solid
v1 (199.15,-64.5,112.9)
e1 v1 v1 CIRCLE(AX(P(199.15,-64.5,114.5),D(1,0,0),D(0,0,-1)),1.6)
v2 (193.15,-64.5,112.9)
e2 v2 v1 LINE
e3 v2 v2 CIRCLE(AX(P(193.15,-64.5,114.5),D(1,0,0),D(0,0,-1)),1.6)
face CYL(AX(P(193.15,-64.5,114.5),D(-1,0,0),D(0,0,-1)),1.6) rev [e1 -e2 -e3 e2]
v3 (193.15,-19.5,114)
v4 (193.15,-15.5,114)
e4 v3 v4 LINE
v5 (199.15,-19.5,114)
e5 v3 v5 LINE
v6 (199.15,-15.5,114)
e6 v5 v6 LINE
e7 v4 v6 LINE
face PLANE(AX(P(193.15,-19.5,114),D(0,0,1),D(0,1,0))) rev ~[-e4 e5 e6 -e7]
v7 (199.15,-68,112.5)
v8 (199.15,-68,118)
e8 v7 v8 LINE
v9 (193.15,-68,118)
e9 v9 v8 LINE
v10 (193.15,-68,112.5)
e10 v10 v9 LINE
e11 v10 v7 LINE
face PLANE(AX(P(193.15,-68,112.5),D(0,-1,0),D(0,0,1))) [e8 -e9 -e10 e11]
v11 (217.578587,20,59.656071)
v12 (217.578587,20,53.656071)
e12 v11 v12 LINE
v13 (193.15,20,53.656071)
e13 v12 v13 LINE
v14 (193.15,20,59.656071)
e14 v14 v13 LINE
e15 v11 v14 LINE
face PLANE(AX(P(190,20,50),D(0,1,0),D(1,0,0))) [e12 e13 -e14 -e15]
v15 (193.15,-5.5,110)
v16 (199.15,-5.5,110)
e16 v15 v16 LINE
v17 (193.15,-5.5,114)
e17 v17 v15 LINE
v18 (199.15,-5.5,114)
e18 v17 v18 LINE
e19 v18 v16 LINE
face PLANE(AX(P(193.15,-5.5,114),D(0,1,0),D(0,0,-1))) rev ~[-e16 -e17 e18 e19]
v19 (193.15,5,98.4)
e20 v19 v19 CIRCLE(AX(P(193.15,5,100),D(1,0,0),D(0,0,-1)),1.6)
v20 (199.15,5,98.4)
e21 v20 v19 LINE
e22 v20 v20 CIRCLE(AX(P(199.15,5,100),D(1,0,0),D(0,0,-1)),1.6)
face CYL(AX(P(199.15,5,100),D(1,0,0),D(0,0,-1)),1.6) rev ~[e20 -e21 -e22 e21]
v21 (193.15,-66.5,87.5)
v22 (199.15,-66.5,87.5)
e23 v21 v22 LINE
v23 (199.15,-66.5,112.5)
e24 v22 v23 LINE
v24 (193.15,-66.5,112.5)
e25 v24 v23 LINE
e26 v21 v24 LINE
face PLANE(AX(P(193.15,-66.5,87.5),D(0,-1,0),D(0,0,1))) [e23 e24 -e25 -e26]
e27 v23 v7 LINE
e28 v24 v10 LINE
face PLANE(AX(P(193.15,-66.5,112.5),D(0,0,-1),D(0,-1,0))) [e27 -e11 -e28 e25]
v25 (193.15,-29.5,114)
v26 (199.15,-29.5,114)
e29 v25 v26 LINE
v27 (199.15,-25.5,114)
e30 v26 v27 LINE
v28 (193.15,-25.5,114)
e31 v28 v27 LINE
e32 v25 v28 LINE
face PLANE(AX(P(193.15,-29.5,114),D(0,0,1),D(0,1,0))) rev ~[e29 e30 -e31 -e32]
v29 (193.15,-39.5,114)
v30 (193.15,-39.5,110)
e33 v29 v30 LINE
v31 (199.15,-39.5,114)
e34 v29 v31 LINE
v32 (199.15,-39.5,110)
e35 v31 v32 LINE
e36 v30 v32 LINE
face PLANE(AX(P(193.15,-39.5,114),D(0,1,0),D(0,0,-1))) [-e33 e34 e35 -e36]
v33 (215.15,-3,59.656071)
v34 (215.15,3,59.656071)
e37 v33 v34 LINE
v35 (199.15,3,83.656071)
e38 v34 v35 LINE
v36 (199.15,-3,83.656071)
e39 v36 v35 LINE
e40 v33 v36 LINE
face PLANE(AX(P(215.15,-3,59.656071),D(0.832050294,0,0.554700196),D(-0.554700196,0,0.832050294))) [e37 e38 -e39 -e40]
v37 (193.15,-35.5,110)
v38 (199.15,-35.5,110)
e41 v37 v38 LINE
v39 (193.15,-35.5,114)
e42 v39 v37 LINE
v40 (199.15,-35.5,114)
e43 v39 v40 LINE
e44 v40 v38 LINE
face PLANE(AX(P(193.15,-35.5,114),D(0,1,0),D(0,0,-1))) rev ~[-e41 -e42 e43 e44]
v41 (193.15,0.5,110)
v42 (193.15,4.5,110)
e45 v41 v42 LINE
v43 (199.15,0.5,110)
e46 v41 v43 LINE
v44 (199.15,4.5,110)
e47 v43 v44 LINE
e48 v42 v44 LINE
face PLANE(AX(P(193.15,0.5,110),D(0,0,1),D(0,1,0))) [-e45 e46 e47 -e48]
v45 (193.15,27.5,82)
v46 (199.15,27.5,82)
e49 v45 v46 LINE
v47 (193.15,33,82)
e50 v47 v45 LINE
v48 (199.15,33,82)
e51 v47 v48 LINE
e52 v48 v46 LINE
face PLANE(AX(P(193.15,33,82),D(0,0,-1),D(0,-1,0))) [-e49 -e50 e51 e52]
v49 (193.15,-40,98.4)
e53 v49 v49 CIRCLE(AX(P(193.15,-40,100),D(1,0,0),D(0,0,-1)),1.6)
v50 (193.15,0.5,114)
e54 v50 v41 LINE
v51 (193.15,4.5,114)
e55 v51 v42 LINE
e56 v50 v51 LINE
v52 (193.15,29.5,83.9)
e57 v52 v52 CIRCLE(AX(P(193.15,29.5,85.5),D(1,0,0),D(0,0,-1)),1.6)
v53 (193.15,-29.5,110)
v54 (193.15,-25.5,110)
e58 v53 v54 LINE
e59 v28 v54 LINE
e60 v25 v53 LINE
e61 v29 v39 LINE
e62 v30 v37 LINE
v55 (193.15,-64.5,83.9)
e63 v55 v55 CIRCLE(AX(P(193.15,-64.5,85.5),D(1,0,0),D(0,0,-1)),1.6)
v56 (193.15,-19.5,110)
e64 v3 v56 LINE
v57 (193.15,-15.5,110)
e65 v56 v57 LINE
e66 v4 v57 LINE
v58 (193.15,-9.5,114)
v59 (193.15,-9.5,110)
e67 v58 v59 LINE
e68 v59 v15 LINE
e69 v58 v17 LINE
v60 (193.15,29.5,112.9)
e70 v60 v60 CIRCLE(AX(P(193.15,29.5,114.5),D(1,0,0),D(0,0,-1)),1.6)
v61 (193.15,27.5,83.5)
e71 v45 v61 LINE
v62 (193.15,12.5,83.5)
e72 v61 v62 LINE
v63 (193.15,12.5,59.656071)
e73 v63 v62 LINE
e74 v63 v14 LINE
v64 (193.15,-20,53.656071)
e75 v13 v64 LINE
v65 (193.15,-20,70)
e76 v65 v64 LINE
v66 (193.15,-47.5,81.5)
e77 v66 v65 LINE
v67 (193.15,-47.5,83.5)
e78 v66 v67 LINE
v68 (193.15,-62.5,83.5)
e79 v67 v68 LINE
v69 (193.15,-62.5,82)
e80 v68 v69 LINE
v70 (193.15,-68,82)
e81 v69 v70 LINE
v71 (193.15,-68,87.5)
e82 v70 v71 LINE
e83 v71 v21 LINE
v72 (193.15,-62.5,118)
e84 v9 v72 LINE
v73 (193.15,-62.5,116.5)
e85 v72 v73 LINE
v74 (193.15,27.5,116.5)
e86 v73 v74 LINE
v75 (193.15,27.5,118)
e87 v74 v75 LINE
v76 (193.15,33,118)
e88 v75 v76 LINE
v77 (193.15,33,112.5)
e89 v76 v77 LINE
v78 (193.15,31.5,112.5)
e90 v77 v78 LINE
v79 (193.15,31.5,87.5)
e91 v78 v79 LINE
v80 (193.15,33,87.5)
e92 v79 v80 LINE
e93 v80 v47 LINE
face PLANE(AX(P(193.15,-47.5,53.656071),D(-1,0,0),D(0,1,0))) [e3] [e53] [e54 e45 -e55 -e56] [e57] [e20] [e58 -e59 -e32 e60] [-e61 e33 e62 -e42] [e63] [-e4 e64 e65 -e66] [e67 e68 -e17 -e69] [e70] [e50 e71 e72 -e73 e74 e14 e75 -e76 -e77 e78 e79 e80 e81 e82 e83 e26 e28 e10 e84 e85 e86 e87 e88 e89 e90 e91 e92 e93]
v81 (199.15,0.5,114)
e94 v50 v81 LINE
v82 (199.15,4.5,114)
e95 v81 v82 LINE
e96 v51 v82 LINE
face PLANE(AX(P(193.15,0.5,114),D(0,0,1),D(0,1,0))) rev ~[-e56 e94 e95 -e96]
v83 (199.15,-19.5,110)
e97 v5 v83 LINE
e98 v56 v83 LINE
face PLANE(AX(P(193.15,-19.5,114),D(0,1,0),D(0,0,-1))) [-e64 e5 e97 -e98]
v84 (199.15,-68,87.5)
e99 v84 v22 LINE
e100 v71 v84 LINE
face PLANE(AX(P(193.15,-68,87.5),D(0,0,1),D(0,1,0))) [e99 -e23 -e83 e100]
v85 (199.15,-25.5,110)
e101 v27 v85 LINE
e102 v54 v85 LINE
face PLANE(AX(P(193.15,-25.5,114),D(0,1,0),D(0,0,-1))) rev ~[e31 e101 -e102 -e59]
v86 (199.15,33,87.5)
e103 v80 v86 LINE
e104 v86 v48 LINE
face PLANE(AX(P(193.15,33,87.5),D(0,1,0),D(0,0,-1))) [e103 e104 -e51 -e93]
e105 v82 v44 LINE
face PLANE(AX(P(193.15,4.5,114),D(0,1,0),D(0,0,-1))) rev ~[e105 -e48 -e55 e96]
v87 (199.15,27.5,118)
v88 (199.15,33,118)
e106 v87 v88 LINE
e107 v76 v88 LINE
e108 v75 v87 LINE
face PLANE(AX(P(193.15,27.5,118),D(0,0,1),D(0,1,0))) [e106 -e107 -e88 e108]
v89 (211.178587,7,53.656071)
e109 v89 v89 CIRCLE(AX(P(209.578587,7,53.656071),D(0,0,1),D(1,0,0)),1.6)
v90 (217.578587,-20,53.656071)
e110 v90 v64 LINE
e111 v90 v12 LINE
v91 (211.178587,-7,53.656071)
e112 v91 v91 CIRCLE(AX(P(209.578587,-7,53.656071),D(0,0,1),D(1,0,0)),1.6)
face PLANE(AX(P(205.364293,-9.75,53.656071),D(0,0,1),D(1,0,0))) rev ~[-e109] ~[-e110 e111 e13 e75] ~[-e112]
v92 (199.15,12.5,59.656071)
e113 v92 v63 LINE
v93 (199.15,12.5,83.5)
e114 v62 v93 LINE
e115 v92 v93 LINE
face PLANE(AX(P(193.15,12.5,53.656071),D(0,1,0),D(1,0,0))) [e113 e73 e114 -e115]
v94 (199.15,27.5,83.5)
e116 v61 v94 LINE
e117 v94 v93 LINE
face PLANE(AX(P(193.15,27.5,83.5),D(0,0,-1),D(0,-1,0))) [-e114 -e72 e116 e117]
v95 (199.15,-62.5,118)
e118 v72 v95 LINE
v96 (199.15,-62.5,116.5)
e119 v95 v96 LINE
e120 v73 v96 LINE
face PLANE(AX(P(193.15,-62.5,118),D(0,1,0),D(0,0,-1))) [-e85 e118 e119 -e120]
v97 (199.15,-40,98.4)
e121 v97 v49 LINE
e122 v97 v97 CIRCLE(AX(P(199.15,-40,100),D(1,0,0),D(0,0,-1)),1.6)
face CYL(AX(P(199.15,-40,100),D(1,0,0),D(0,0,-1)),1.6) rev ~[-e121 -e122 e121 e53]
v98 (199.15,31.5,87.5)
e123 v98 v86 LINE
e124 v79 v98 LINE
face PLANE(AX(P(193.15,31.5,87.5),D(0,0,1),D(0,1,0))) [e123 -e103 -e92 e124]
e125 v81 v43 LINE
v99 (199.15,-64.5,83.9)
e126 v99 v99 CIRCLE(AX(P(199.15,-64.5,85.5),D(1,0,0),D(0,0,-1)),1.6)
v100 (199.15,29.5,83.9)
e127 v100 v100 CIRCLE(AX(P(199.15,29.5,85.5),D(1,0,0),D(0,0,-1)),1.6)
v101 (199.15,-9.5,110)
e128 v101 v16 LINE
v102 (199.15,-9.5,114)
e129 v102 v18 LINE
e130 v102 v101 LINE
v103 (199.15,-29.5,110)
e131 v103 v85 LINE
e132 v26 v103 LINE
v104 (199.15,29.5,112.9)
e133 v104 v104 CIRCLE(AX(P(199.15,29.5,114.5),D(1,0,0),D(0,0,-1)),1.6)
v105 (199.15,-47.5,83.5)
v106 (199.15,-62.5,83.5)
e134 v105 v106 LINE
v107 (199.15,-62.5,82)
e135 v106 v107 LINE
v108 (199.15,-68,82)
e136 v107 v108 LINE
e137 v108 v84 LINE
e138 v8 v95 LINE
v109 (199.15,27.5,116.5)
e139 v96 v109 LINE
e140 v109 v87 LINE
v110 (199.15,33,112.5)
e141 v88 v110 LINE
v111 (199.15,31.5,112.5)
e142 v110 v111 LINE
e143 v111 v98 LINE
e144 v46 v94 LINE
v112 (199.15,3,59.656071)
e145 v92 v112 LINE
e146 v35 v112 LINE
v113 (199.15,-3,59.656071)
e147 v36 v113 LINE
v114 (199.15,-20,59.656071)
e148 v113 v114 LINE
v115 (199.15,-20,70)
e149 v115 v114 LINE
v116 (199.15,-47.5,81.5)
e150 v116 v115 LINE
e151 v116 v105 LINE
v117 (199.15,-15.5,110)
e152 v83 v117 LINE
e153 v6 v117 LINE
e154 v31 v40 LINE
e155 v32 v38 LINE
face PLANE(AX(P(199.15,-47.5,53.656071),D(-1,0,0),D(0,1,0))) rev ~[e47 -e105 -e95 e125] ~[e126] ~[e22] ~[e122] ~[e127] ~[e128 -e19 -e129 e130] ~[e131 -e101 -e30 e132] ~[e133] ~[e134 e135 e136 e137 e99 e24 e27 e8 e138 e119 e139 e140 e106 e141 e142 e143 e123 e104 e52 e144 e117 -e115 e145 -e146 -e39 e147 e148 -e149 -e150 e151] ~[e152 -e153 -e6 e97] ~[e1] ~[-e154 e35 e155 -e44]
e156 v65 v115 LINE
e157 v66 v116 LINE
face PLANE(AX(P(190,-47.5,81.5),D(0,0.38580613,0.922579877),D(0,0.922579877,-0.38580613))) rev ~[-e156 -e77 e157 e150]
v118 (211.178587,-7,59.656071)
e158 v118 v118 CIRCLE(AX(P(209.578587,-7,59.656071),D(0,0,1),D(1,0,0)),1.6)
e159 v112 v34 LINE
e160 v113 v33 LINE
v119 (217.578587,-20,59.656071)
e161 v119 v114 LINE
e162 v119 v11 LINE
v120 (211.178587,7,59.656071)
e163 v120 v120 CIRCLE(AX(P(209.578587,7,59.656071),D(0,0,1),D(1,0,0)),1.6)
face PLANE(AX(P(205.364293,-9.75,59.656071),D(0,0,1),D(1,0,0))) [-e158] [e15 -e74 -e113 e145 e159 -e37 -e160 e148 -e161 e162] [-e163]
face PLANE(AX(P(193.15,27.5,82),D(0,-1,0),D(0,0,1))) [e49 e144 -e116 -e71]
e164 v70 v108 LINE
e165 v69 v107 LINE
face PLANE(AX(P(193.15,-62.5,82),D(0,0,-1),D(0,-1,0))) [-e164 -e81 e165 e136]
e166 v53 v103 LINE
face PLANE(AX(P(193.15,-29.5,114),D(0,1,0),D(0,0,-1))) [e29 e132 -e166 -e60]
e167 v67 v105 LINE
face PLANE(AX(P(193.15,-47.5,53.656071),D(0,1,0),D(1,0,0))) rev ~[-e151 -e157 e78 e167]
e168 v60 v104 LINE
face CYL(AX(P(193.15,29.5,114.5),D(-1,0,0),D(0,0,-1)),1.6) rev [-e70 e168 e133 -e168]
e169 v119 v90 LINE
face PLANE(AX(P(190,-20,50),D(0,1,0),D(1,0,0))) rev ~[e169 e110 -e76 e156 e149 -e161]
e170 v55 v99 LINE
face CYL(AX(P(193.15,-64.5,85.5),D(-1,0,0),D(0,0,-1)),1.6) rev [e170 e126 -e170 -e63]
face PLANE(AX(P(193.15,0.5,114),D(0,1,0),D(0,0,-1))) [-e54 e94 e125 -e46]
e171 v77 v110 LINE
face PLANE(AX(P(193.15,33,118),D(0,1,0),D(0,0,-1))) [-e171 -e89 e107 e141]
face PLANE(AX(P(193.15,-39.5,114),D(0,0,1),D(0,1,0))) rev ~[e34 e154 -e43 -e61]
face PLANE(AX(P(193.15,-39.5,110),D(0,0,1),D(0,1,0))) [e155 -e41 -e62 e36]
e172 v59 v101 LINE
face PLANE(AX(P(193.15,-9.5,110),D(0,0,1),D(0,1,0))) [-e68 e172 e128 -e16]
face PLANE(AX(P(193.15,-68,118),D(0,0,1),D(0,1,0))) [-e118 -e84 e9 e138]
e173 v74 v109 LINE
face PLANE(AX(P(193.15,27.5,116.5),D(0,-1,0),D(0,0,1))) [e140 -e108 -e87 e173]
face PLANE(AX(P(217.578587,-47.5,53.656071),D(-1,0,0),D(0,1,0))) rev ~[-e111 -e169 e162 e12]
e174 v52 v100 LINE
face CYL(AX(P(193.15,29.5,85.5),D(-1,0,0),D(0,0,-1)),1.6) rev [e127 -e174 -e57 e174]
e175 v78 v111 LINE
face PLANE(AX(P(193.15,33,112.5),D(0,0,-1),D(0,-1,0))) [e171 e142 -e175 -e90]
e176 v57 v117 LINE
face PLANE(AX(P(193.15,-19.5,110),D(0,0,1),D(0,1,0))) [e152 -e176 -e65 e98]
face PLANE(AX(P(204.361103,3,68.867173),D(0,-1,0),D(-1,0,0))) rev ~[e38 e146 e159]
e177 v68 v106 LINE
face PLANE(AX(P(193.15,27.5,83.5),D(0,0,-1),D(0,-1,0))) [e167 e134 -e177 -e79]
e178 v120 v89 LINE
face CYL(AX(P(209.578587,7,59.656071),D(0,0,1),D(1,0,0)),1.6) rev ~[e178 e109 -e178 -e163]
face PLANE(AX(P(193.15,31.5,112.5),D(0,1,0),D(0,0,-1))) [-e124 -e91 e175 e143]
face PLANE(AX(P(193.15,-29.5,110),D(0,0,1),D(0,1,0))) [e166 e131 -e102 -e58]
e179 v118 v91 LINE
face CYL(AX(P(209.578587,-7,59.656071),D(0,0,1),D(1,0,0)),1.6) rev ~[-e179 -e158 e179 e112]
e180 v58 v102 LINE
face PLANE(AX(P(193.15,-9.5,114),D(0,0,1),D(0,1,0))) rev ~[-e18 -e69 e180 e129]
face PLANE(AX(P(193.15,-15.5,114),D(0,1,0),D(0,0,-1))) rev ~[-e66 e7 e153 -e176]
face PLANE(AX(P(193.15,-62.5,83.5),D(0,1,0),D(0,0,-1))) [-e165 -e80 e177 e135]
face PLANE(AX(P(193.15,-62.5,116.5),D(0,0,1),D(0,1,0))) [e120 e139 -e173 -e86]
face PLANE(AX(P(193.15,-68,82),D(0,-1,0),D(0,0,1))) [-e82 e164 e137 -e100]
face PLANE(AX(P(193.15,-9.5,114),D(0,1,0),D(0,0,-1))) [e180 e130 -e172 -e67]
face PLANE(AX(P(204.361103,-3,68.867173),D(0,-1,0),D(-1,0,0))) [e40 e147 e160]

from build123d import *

# Parameters (mm, degrees)
EXTRUDE_1_DEPTH     = 6
SKETCH_2_R          = 1.6
CUT_EXTRUDE_1_DEPTH = 6
SKETCH_3_W          = 26
SKETCH_3_H          = 60
CUT_EXTRUDE_2_DEPTH = 6
SKETCH_4_W          = 4
SKETCH_4_H          = 4
CUT_EXTRUDE_3_DEPTH = 6
SKETCH_5_W          = 24.42858663
SKETCH_5_H          = 75.5
EXTRUDE_2_DEPTH     = 6
SKETCH_6_W          = 6
SKETCH_6_H          = 60
EXTRUDE_3_DEPTH     = 54.343929089
SKETCH_7_R          = 1.6
CUT_EXTRUDE_4_DEPTH = 6
SKETCH_8_R          = 1.6
CUT_EXTRUDE_5_DEPTH = 6
EXTRUDE_5_DEPTH     = 6
SKETCH_15_W         = 30
SKETCH_15_H         = 60
CUT_EXTRUDE_6_DEPTH = 20
SKETCH_16_W         = 30
SKETCH_16_H         = 30
CUT_EXTRUDE_7_DEPTH = 20
CUT_EXTRUDE_8_DEPTH = 10


with BuildPart() as part:
    # 草图1 → 凸台-拉伸1 (new body)
    with BuildSketch(Plane(origin=(193.15, 0, 0), x_dir=(0, 0, -1), z_dir=(1, 0, 0))):
        Polygon((-82, -62.5), (-82, -68), (-87.5, -68), (-87.5, -66.5), (-112.5, -66.5), (-112.5, -68), (-118, -68), (-118, -62.5), (-116.5, -62.5), (-116.5, 27.5), (-118, 27.5), (-118, 33), (-112.5, 33), (-112.5, 31.5), (-87.5, 31.5), (-87.5, 33), (-82, 33), (-82, 27.5), (-83.5, 27.5), (-83.5, -62.5), align=None)
    extrude(amount=EXTRUDE_1_DEPTH)

    # 草图2 → 切除-拉伸1 (cut)
    with BuildSketch(Plane(origin=(193.15, 0, 0), x_dir=(0, 0, -1), z_dir=(1, 0, 0))):
        with Locations((-85.5, -64.5)):
            Circle(SKETCH_2_R)
        with Locations((-114.5, -64.5)):
            Circle(SKETCH_2_R)
        with Locations((-85.5, 29.5)):
            Circle(SKETCH_2_R)
        with Locations((-114.5, 29.5)):
            Circle(SKETCH_2_R)
    extrude(amount=CUT_EXTRUDE_1_DEPTH, mode=Mode.SUBTRACT)

    # 草图3 → 切除-拉伸2 (cut)
    with BuildSketch(Plane(origin=(193.15, 0, 0), x_dir=(0, 0, -1), z_dir=(1, 0, 0))):
        with Locations((-94, -17.5)):
            Rectangle(SKETCH_3_W, SKETCH_3_H)
    extrude(amount=CUT_EXTRUDE_2_DEPTH, mode=Mode.SUBTRACT)

    # 草图4 → 切除-拉伸3 (cut)
    with BuildSketch(Plane(origin=(193.15, 0, 0), x_dir=(0, 0, -1), z_dir=(1, 0, 0))):
        with Locations((-112, -37.5)):
            Rectangle(SKETCH_4_W, SKETCH_4_H)
        with Locations((-112, -27.5)):
            Rectangle(SKETCH_4_W, SKETCH_4_H)
        with Locations((-112, -17.5)):
            Rectangle(SKETCH_4_W, SKETCH_4_H)
        with Locations((-112, -7.5)):
            Rectangle(SKETCH_4_W, SKETCH_4_H)
        with Locations((-112, 2.5)):
            Rectangle(SKETCH_4_W, SKETCH_4_H)
    extrude(amount=CUT_EXTRUDE_3_DEPTH, mode=Mode.SUBTRACT)



with BuildPart() as body_2:
    # 草图5 → 凸台-拉伸2 (new body)
    with BuildSketch(Plane.XY.offset(53.656070911)):
        with Locations((205.364293315, -9.75)):
            Rectangle(SKETCH_5_W, SKETCH_5_H)
    extrude(amount=EXTRUDE_2_DEPTH)


with BuildPart() as part_1:
    add(part.part)

    add(body_2.part)  # 凸台-拉伸3 merges body 2
    # 草图6 → 凸台-拉伸3 (add)
    with BuildSketch(Plane.XY.offset(53.656070911)):
        with Locations((196.15, -17.5)):
            Rectangle(SKETCH_6_W, SKETCH_6_H)
    extrude(amount=EXTRUDE_3_DEPTH)

    # 草图7 → 切除-拉伸4 (cut)
    with BuildSketch(Plane.XY.offset(59.656070911)):
        with Locations((209.57858663, -7)):
            Circle(SKETCH_7_R)
        with Locations((209.57858663, 7)):
            Circle(SKETCH_7_R)
    extrude(amount=-CUT_EXTRUDE_4_DEPTH, mode=Mode.SUBTRACT)

    # 草图8 → 切除-拉伸5 (cut)
    with BuildSketch(Plane(origin=(199.15, 0, 0), x_dir=(0, 0, -1), z_dir=(1, 0, 0))):
        with Locations((-100, -40)):
            Circle(SKETCH_8_R)
        with Locations((-100, 5)):
            Circle(SKETCH_8_R)
    extrude(amount=-CUT_EXTRUDE_5_DEPTH, mode=Mode.SUBTRACT)

    # 草图10 → 凸台-拉伸5 (add)
    with BuildSketch(Plane(origin=(0, -3, 0), x_dir=(1, 0, 0), z_dir=(0, 1, 0))):
        Polygon((199.15, -59.656070911), (215.15, -59.656070911), (199.15, -83.656070911), align=None)
    extrude(amount=EXTRUDE_5_DEPTH)

    # 草图15 → 切除-拉伸6 (cut)
    with BuildSketch(Plane.XY.offset(50)):
        with Locations((205, -50)):
            Rectangle(SKETCH_15_W, SKETCH_15_H)
    extrude(amount=CUT_EXTRUDE_6_DEPTH, mode=Mode.SUBTRACT)

    # 草图16 → 切除-拉伸7 (cut)
    with BuildSketch(Plane.XY.offset(50)):
        with Locations((205, 35)):
            Rectangle(SKETCH_16_W, SKETCH_16_H)
    extrude(amount=CUT_EXTRUDE_7_DEPTH, mode=Mode.SUBTRACT)

    # 草图17 → 切除-拉伸8 (cut)
    with BuildSketch(Plane(origin=(190, 0, 0), x_dir=(0, 0, -1), z_dir=(1, 0, 0))):
        Polygon((-70, -47.5), (-81.5, -47.5), (-70, -20), align=None)
    extrude(amount=CUT_EXTRUDE_8_DEPTH, mode=Mode.SUBTRACT)


solid = part_1.part
